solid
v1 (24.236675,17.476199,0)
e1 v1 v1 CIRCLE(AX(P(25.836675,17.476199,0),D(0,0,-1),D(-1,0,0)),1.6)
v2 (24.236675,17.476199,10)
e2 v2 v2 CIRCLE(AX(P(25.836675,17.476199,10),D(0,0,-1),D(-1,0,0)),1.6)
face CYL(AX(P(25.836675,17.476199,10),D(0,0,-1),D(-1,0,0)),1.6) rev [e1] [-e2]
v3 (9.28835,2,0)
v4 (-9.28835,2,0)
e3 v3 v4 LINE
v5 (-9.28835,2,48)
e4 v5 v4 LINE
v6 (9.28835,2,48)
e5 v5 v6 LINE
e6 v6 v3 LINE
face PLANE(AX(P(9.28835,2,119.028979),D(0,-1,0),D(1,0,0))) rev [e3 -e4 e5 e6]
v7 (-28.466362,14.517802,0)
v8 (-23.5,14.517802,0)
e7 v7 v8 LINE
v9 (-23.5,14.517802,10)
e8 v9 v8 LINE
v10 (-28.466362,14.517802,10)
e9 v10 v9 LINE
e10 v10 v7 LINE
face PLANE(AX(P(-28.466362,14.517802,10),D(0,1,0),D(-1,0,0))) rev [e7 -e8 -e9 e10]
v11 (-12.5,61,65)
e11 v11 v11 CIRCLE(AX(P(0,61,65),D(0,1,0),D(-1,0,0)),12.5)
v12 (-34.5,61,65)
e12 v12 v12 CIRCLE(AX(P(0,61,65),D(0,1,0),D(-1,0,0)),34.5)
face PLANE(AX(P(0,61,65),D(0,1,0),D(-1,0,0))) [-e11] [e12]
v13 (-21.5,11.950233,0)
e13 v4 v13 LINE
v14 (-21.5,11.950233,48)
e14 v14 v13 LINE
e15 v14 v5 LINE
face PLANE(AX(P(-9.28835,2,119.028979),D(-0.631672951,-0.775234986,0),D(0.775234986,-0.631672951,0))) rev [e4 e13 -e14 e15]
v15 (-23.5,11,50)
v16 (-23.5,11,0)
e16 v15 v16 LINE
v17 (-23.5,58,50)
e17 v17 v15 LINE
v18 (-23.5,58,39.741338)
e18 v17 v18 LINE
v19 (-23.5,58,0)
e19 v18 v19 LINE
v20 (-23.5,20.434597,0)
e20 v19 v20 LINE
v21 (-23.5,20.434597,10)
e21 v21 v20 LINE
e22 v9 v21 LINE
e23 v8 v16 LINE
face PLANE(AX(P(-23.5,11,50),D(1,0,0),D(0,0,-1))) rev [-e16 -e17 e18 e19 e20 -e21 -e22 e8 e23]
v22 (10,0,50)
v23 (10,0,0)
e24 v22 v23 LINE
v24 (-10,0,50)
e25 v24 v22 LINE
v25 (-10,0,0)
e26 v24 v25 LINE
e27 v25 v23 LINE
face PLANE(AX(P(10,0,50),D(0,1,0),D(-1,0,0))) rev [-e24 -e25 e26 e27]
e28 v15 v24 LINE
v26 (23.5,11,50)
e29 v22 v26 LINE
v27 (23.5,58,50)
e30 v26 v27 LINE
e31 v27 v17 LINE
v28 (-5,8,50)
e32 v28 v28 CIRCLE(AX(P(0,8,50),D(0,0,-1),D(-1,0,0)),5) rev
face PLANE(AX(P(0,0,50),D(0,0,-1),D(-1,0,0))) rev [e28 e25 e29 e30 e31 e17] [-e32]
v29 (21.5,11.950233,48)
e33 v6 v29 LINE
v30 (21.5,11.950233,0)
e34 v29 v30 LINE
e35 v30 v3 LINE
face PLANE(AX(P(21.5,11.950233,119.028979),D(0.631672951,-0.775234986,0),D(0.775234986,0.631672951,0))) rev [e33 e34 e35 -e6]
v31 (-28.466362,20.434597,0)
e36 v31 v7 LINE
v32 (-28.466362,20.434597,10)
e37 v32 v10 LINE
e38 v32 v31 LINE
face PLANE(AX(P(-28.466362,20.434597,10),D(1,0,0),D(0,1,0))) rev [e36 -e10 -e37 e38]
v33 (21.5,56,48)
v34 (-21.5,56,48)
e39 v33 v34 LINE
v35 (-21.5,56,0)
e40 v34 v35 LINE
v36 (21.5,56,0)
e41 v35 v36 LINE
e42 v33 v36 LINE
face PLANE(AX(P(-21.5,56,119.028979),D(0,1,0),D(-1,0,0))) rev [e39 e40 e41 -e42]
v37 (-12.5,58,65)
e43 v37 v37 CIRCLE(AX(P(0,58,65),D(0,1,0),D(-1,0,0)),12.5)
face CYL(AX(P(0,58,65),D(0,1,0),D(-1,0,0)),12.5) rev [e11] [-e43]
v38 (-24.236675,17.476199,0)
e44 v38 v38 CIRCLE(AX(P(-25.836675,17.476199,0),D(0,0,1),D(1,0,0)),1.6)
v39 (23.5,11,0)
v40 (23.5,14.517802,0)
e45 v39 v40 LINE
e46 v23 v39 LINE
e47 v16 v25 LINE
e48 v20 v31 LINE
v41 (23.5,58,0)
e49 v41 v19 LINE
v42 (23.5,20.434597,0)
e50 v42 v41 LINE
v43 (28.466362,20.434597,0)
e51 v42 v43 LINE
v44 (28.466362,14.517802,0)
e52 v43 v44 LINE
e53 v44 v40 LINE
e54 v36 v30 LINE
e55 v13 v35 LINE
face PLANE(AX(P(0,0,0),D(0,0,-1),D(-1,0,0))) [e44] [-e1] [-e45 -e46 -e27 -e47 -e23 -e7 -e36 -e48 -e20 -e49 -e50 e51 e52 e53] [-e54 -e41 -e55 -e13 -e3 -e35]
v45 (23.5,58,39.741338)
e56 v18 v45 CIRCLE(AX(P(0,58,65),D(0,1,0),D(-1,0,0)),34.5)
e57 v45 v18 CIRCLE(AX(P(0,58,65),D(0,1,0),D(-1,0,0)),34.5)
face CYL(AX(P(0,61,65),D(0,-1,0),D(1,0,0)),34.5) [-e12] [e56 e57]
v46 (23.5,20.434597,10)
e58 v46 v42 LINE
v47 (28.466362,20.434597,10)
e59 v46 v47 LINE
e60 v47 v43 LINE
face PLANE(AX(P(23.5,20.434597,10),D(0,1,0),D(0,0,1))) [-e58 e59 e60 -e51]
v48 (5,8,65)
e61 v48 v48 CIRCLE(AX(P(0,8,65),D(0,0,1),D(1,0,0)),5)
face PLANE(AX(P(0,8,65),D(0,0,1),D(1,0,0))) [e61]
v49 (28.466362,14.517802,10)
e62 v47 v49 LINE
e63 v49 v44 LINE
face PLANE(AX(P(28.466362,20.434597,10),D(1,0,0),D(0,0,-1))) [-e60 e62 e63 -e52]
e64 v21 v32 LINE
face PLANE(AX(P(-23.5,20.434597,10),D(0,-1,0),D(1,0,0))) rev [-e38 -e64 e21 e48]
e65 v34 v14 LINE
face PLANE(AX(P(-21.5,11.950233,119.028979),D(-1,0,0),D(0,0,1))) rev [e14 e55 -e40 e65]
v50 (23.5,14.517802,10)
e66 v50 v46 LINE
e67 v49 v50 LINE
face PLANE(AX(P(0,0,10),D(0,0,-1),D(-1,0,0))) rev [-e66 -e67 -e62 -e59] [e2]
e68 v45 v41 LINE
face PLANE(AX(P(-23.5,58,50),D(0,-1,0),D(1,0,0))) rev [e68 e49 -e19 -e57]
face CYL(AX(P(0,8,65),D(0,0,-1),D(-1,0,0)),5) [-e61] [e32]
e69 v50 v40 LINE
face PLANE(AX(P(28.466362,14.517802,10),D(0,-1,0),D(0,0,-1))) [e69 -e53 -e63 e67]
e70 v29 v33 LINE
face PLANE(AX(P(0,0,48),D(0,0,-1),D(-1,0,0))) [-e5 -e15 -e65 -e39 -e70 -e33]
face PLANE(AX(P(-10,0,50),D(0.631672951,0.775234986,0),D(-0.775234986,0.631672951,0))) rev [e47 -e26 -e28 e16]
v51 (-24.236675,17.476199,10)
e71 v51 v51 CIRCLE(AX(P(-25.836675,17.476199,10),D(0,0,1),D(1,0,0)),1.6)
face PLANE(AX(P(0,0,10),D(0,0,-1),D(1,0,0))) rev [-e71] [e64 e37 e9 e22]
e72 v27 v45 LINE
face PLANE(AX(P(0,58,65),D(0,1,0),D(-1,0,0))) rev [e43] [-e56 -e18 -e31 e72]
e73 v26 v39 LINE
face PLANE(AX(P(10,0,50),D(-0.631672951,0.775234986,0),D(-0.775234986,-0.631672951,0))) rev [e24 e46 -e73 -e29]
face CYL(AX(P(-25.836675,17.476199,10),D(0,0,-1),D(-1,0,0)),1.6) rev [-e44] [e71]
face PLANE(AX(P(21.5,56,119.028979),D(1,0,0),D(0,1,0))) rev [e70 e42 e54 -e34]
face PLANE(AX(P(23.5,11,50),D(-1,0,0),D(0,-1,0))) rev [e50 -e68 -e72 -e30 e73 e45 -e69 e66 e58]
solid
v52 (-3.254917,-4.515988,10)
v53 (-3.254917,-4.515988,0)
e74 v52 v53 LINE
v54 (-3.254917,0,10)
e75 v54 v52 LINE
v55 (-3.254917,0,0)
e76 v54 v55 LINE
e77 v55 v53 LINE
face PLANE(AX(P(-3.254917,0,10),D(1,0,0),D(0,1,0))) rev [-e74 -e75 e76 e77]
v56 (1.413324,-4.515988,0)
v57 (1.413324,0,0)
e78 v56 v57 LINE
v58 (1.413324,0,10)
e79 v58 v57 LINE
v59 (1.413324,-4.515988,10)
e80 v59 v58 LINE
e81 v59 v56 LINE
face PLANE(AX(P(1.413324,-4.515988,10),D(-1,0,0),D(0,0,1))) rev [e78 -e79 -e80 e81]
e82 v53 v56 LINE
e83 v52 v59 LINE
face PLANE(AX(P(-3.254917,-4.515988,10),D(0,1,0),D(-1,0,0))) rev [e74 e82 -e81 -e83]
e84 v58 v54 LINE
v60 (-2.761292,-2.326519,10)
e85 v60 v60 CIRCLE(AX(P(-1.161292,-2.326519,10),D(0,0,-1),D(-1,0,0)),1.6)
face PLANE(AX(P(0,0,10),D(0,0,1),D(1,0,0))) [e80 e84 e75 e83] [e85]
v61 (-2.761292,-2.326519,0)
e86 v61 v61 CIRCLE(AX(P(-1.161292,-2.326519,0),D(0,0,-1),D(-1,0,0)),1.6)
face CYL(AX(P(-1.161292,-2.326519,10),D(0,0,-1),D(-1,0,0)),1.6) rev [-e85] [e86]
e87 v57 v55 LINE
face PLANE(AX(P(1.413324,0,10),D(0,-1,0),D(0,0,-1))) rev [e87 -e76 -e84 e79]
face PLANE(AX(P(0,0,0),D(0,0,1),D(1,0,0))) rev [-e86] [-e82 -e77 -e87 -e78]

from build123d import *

# Parameters (mm, degrees)
EXTRUDE_1_DEPTH     = 50
CUT_EXTRUDE_1_DEPTH = 48
SKETCH_3_W          = 4.966361877
SKETCH_3_H          = 5.916795771
SKETCH_3_R          = 1.6
EXTRUDE_2_DEPTH     = 10
SKETCH_4_W          = 4.668240674
SKETCH_4_H          = 4.515988468
SKETCH_4_R          = 1.6
EXTRUDE_3_DEPTH     = 10
SKETCH_5_R          = 5
EXTRUDE_4_DEPTH     = 15
SKETCH_8_R          = 34.5
EXTRUDE_6_DEPTH     = 3
SKETCH_9_R          = 12.5
CUT_EXTRUDE_3_DEPTH = 3


with BuildPart() as part:
    # 草图1 → 凸台-拉伸1 (new body)
    with BuildSketch(Plane.XY):
        Polygon((10, 0), (-10, 0), (-23.5, 11), (-23.5, 58), (23.5, 58), (23.5, 11), align=None)
    extrude(amount=EXTRUDE_1_DEPTH)

    # 草图2 → 切除-拉伸1 (cut)
    with BuildSketch(Plane(origin=(0, 0, 0), x_dir=(-1, 0, 0), z_dir=(0, 0, -1))):
        Polygon((9.288350042, 2), (21.5, 11.950233299), (21.5, 56), (-21.5, 56), (-21.5, 11.950233299), (-9.288350042, 2), align=None)
    extrude(amount=-CUT_EXTRUDE_1_DEPTH, mode=Mode.SUBTRACT)

    # 草图3 → 凸台-拉伸2 (add)
    with BuildSketch(Plane(origin=(0, 0, 0), x_dir=(-1, 0, 0), z_dir=(0, 0, -1))):
        with Locations((-25.983180938, 17.476199431)):
            Rectangle(SKETCH_3_W, SKETCH_3_H)
        with Locations((-25.836674867, 17.476199431)):
            Circle(SKETCH_3_R, mode=Mode.SUBTRACT)
    extrude_2 = extrude(amount=-EXTRUDE_2_DEPTH)

    # 镜向1: 凸台-拉伸2 across plane
    add(extrude_2.mirror(Plane(origin=(0, 0, 0), x_dir=(0, 0, 1), z_dir=(1, 0, 0))))

    # 草图5 → 凸台-拉伸4 (add)
    with BuildSketch(Plane.XY.offset(50)):
        with Locations(Location((0, 8, 0), (0, 0, 180))):
            Circle(SKETCH_5_R)
    extrude(amount=EXTRUDE_4_DEPTH)

    # 草图8 → 凸台-拉伸6 (add)
    with BuildSketch(Plane(origin=(0, 58, 0), x_dir=(1, 0, 0), z_dir=(0, 1, 0))):
        with Locations(Location((0, -65, 0), (0, 0, 47.065689197))):
            Circle(SKETCH_8_R)
    extrude(amount=EXTRUDE_6_DEPTH)

    # 草图9 → 切除-拉伸3 (cut)
    with BuildSketch(Plane(origin=(0, 61, 0), x_dir=(1, 0, 0), z_dir=(0, 1, 0))):
        with Locations(Location((0, -65, 0), (0, 0, 180))):
            Circle(SKETCH_9_R)
    extrude(amount=-CUT_EXTRUDE_3_DEPTH, mode=Mode.SUBTRACT)


with BuildPart() as body_2:
    # 草图4 → 凸台-拉伸3 (new body)
    with BuildSketch(Plane(origin=(0, 0, 0), x_dir=(-1, 0, 0), z_dir=(0, 0, -1))):
        with Locations((0.920796605, -2.257994234)):
            Rectangle(SKETCH_4_W, SKETCH_4_H)
        with Locations((1.161292115, -2.326519441)):
            Circle(SKETCH_4_R, mode=Mode.SUBTRACT)
    extrude(amount=-EXTRUDE_3_DEPTH)


solid = Compound([part.part, body_2.part])
